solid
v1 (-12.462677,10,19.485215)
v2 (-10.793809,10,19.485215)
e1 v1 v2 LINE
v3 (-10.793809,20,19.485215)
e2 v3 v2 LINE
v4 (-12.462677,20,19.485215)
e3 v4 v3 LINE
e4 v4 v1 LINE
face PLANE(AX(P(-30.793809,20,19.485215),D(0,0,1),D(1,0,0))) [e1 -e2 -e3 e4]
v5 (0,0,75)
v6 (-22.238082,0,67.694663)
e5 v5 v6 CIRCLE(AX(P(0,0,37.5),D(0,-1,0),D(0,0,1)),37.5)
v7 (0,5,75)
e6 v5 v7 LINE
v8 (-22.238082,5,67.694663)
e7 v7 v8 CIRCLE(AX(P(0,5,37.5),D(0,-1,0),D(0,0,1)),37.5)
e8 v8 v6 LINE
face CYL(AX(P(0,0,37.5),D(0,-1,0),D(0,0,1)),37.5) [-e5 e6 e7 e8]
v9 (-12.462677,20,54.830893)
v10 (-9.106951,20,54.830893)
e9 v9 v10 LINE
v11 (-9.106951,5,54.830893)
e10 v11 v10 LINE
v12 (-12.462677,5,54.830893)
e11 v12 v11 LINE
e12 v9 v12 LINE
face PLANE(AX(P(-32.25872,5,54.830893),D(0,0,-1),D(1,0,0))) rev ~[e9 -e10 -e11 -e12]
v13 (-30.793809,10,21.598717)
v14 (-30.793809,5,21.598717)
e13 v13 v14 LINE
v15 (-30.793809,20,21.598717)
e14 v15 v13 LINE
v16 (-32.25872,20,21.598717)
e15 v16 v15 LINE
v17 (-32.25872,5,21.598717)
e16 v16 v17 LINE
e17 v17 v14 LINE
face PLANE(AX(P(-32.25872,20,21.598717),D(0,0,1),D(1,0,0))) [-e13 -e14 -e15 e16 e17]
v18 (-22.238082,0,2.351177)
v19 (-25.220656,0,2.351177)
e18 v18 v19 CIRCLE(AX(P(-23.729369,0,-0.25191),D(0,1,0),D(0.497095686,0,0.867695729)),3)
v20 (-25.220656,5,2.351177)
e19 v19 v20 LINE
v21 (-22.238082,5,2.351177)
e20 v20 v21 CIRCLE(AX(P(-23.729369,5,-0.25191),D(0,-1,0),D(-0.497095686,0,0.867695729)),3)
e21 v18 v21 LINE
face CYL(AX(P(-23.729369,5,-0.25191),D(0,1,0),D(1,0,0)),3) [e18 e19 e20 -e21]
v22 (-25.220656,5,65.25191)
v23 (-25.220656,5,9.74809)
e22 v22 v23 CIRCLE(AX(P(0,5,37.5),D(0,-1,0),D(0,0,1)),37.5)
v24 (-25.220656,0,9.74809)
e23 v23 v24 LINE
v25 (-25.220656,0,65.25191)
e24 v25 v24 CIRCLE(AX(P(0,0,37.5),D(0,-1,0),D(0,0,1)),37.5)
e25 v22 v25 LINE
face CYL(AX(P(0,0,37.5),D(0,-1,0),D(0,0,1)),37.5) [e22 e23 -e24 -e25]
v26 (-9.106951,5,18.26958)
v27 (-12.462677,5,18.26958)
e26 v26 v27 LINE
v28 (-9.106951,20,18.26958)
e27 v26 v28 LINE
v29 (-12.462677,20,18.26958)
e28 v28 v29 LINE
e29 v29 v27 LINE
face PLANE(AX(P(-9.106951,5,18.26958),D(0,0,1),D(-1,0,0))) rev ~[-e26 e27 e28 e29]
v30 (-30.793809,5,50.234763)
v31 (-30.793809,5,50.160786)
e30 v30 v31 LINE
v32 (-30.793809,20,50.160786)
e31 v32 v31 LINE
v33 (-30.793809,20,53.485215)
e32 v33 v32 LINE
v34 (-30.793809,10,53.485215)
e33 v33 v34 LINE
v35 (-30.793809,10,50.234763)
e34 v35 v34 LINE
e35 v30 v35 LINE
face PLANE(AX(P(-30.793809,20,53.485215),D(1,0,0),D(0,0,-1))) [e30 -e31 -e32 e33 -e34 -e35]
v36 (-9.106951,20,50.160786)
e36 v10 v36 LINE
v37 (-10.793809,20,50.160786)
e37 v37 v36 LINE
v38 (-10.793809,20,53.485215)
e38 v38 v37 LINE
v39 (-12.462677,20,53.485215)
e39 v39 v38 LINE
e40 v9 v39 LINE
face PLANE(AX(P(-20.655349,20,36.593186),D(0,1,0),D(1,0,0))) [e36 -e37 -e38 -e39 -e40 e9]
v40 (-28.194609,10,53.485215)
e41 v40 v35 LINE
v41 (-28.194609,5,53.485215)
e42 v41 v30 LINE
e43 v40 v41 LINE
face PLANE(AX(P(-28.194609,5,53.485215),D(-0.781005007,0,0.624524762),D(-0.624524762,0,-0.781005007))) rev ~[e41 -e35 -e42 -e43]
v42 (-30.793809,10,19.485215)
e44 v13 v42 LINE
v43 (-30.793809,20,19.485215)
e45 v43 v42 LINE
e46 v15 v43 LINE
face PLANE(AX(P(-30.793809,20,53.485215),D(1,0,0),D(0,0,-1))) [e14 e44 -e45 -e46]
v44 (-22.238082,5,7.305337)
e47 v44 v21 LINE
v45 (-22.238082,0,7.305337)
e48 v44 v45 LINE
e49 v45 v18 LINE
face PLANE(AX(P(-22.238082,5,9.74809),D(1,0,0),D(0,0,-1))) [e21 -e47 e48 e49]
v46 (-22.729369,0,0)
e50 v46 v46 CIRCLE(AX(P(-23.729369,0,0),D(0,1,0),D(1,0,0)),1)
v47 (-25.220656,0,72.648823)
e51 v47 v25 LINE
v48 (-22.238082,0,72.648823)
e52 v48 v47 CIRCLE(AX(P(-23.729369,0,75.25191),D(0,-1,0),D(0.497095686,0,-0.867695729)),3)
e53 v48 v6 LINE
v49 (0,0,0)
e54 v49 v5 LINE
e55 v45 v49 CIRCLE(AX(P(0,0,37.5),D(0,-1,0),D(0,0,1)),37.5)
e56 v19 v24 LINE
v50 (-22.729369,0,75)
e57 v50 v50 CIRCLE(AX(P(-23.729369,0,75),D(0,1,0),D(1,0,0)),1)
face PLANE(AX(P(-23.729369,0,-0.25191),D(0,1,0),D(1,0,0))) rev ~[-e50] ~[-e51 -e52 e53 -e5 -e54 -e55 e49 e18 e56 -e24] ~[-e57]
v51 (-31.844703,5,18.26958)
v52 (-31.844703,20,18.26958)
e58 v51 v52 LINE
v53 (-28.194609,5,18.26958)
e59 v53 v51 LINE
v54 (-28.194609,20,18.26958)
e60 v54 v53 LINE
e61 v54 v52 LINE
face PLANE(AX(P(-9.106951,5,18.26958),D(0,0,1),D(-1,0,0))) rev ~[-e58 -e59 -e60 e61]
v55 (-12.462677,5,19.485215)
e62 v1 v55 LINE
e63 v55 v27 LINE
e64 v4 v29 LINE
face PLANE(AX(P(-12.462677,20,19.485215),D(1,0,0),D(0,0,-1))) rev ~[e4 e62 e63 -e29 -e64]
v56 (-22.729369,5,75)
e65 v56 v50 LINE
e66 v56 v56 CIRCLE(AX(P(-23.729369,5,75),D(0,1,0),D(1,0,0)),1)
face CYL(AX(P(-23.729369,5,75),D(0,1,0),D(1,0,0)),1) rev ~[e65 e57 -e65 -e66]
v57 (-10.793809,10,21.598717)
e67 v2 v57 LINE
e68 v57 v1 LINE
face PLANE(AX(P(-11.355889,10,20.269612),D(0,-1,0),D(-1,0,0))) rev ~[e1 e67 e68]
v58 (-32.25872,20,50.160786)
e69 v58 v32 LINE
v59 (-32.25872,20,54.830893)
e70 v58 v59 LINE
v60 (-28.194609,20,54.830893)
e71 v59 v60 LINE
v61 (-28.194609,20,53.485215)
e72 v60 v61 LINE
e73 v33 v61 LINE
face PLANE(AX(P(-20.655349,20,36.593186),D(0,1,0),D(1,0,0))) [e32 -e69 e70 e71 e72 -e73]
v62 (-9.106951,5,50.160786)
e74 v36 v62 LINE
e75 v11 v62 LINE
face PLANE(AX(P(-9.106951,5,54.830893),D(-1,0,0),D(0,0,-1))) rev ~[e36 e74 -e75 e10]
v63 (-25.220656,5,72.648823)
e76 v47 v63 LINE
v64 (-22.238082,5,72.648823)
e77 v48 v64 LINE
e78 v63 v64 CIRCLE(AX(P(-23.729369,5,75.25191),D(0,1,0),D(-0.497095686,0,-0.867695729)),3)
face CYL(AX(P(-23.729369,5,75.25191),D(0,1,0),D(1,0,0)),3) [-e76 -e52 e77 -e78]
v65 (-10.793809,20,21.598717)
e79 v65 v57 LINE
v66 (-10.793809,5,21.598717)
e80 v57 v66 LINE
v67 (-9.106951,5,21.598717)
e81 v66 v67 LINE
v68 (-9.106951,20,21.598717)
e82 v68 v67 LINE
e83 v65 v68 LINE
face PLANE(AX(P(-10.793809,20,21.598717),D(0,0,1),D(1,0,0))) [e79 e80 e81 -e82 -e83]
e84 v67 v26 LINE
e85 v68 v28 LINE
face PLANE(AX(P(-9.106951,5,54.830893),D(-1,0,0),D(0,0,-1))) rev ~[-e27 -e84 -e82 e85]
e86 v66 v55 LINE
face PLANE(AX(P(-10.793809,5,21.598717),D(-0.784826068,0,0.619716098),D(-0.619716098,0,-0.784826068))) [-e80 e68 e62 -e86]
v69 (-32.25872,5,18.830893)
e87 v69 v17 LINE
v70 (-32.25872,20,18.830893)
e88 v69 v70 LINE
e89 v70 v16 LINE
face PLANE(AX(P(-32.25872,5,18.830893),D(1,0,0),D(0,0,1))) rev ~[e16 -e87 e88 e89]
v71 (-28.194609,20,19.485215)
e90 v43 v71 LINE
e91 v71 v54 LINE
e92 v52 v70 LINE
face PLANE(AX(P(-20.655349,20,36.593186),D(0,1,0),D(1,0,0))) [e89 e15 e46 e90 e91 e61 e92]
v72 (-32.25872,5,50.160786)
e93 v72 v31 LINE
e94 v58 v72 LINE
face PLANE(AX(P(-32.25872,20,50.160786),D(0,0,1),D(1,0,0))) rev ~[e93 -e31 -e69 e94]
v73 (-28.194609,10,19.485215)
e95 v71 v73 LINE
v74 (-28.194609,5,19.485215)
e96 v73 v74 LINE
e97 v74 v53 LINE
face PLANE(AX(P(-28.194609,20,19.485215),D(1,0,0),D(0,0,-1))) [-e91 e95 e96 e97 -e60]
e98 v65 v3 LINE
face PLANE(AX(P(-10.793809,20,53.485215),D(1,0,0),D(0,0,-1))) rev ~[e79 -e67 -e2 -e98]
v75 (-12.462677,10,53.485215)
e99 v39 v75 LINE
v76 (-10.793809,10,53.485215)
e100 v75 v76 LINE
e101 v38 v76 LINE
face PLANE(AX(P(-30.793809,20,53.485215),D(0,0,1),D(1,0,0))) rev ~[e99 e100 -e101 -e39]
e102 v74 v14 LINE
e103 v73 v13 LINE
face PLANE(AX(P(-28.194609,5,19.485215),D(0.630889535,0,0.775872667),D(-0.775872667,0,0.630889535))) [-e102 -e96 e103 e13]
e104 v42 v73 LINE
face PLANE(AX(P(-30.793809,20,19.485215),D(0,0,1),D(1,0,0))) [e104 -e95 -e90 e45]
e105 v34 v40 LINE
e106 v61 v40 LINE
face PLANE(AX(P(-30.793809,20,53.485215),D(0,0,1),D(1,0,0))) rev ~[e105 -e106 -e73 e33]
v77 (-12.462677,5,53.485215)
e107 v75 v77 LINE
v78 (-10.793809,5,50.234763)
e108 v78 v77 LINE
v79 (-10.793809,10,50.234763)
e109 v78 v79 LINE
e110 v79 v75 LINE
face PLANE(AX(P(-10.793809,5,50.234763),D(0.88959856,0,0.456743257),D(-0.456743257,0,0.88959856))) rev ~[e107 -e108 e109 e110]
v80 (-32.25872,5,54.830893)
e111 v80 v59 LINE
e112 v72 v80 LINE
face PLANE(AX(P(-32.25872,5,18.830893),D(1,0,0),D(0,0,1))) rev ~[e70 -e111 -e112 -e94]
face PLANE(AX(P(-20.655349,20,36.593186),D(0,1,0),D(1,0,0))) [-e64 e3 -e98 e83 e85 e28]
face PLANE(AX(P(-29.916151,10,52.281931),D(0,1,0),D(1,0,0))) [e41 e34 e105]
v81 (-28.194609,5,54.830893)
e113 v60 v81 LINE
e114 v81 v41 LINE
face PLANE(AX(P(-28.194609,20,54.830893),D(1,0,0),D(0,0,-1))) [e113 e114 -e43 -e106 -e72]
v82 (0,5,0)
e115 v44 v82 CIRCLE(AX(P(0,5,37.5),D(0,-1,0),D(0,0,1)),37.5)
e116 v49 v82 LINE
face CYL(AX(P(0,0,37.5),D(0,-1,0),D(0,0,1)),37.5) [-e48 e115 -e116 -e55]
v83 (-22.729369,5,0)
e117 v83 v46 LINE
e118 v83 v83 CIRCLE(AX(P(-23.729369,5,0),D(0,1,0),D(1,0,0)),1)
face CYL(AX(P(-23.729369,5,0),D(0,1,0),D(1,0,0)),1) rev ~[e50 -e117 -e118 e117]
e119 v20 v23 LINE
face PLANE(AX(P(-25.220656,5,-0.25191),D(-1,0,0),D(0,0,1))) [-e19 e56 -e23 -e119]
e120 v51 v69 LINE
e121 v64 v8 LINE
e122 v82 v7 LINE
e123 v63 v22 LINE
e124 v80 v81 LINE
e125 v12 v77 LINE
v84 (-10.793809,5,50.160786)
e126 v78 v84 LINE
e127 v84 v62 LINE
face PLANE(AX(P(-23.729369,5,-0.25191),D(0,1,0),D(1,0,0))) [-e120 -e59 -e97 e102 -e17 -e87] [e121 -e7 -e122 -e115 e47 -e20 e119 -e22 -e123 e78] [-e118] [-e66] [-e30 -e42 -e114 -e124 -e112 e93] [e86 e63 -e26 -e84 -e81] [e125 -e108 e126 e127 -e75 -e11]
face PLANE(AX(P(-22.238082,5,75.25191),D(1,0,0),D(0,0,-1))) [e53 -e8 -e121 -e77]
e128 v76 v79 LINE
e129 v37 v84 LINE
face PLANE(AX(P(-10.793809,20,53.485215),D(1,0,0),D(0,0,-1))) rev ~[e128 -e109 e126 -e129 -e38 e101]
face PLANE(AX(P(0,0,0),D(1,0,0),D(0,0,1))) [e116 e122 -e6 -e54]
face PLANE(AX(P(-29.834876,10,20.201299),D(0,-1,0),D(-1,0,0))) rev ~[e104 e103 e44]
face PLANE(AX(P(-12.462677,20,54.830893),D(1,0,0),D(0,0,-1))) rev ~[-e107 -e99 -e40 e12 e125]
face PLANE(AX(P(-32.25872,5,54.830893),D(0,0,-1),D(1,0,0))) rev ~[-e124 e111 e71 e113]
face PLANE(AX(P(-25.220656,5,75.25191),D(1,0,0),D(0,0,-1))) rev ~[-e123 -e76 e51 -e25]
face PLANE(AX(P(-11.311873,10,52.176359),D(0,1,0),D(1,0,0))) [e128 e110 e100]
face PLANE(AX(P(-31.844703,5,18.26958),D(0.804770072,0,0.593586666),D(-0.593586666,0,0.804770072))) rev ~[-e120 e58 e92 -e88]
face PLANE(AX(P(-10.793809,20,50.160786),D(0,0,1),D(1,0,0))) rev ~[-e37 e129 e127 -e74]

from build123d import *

# Parameters (mm, degrees)
AUFSATZ_LINEAR_AUSTRAGEN1_DEPTH = 5
AUFSATZ_LINEAR_AUSTRAGEN2_DEPTH = 5
SKIZZE5_R                       = 3
AUFSATZ_LINEAR_AUSTRAGEN3_DEPTH = 5
SKIZZE6_R                       = 1
SCHNITT_LINEAR_AUSTRAGEN3_DEPTH = 5
AUFSATZ_LINEAR_AUSTRAGEN4_DEPTH = 15
SKIZZE8_W                       = 20
SKIZZE8_H                       = 34
SCHNITT_LINEAR_AUSTRAGEN4_DEPTH = 15
SKIZZE9_W                       = 15.731932776
SKIZZE9_H                       = 1.345677625
SKIZZE9_W_2                     = 1.464910579
SKIZZE9_H_2                     = 28.562069045
SKIZZE9_H_3                     = 1.21563576
SKIZZE9_W_3                     = 1.686857954
SCHNITT_LINEAR_AUSTRAGEN5_DEPTH = 15
AUFSATZ_LINEAR_AUSTRAGEN5_DEPTH = 5


with BuildPart() as part:
    # Skizze1 → Aufsatz-Linear austragen1 (new body)
    with BuildSketch(Plane(origin=(0, 0, 0), x_dir=(1, 0, 0), z_dir=(0, 1, 0))):
        with BuildLine():
            Line((0, 0), (0, -75))
            ThreePointArc((0, -75), (-37.5, -37.5), (0, 0))
        make_face()
    extrude(amount=AUFSATZ_LINEAR_AUSTRAGEN1_DEPTH)

    # Skizze4 → Aufsatz-Linear austragen2 (add)
    with BuildSketch(Plane(origin=(0, 5, 0), x_dir=(1, 0, 0), z_dir=(0, 1, 0))):
        Polygon((-22.238082181, -7.305336549), (-22.238082181, 0.251909769), (-25.220656299, 0.251909769), (-25.220656299, -9.748090231), (-22.238082181, -9.748090231), align=None)
        Polygon((-22.238082181, -67.694663451), (-22.238082181, -75.251909769), (-25.220656299, -75.251909769), (-25.220656299, -65.251909769), (-22.238082181, -65.251909769), align=None)
    extrude(amount=-AUFSATZ_LINEAR_AUSTRAGEN2_DEPTH)

    # Skizze5 → Aufsatz-Linear austragen3 (add)
    with BuildSketch(Plane(origin=(0, 5, 0), x_dir=(1, 0, 0), z_dir=(0, 1, 0))):
        with Locations((-23.72936924, 0.251909769)):
            Circle(SKIZZE5_R)
        with Locations((-23.72936924, -75.251909769)):
            Circle(SKIZZE5_R)
    extrude(amount=-AUFSATZ_LINEAR_AUSTRAGEN3_DEPTH)

    # Skizze6 → Schnitt-Linear austragen3 (cut)
    with BuildSketch(Plane(origin=(0, 5, 0), x_dir=(1, 0, 0), z_dir=(0, 1, 0))):
        with Locations((-23.72936924, 0)):
            Circle(SKIZZE6_R)
        with Locations((-23.72936924, -75)):
            Circle(SKIZZE6_R)
    extrude(amount=-SCHNITT_LINEAR_AUSTRAGEN3_DEPTH, mode=Mode.SUBTRACT)

    # Skizze7 → Aufsatz-Linear austragen4 (add)
    with BuildSketch(Plane(origin=(0, 5, 0), x_dir=(1, 0, 0), z_dir=(0, 1, 0))):
        Polygon((-32.258719726, -18.830892905), (-32.258719726, -54.830892905), (-9.106951193, -54.830892905), (-9.106951193, -18.26957952), (-31.844703161, -18.26957952), align=None)
    extrude(amount=AUFSATZ_LINEAR_AUSTRAGEN4_DEPTH)

    # Skizze8 → Schnitt-Linear austragen4 (cut)
    with BuildSketch(Plane(origin=(0, 20, 0), x_dir=(1, 0, 0), z_dir=(0, 1, 0))):
        with Locations((-20.793809147, -36.48521528)):
            Rectangle(SKIZZE8_W, SKIZZE8_H)
    extrude(amount=-SCHNITT_LINEAR_AUSTRAGEN4_DEPTH, mode=Mode.SUBTRACT)

    # Skizze9 → Schnitt-Linear austragen5 (cut)
    with BuildSketch(Plane(origin=(0, 20, 0), x_dir=(1, 0, 0), z_dir=(0, 1, 0))):
        with Locations((-20.328643091, -54.158054093)):
            Rectangle(SKIZZE9_W, SKIZZE9_H)
        with Locations((-31.526264436, -35.879751076)):
            Rectangle(SKIZZE9_W_2, SKIZZE9_H_2)
        with Locations((-20.328643091, -18.8773974)):
            Rectangle(SKIZZE9_W, SKIZZE9_H_3)
        with Locations((-9.95038017, -35.879751076)):
            Rectangle(SKIZZE9_W_3, SKIZZE9_H_2)
    extrude(amount=-SCHNITT_LINEAR_AUSTRAGEN5_DEPTH, mode=Mode.SUBTRACT)

    # Skizze10 → Aufsatz-Linear austragen5 (add)
    with BuildSketch(Plane(origin=(0, 5, 0), x_dir=(1, 0, 0), z_dir=(0, 1, 0))):
        Polygon((-28.194609479, -53.48521528), (-30.793809147, -50.234762972), (-30.793809147, -53.48521528), align=None)
        Polygon((-30.793809147, -21.598716553), (-30.793809147, -19.48521528), (-28.194609479, -19.48521528), align=None)
        Polygon((-12.462676703, -19.48521528), (-10.793809147, -19.48521528), (-10.793809147, -21.598716553), align=None)
        Polygon((-12.462676703, -53.48521528), (-10.793809147, -53.48521528), (-10.793809147, -50.234762972), align=None)
    extrude(amount=AUFSATZ_LINEAR_AUSTRAGEN5_DEPTH)


solid = part.part
